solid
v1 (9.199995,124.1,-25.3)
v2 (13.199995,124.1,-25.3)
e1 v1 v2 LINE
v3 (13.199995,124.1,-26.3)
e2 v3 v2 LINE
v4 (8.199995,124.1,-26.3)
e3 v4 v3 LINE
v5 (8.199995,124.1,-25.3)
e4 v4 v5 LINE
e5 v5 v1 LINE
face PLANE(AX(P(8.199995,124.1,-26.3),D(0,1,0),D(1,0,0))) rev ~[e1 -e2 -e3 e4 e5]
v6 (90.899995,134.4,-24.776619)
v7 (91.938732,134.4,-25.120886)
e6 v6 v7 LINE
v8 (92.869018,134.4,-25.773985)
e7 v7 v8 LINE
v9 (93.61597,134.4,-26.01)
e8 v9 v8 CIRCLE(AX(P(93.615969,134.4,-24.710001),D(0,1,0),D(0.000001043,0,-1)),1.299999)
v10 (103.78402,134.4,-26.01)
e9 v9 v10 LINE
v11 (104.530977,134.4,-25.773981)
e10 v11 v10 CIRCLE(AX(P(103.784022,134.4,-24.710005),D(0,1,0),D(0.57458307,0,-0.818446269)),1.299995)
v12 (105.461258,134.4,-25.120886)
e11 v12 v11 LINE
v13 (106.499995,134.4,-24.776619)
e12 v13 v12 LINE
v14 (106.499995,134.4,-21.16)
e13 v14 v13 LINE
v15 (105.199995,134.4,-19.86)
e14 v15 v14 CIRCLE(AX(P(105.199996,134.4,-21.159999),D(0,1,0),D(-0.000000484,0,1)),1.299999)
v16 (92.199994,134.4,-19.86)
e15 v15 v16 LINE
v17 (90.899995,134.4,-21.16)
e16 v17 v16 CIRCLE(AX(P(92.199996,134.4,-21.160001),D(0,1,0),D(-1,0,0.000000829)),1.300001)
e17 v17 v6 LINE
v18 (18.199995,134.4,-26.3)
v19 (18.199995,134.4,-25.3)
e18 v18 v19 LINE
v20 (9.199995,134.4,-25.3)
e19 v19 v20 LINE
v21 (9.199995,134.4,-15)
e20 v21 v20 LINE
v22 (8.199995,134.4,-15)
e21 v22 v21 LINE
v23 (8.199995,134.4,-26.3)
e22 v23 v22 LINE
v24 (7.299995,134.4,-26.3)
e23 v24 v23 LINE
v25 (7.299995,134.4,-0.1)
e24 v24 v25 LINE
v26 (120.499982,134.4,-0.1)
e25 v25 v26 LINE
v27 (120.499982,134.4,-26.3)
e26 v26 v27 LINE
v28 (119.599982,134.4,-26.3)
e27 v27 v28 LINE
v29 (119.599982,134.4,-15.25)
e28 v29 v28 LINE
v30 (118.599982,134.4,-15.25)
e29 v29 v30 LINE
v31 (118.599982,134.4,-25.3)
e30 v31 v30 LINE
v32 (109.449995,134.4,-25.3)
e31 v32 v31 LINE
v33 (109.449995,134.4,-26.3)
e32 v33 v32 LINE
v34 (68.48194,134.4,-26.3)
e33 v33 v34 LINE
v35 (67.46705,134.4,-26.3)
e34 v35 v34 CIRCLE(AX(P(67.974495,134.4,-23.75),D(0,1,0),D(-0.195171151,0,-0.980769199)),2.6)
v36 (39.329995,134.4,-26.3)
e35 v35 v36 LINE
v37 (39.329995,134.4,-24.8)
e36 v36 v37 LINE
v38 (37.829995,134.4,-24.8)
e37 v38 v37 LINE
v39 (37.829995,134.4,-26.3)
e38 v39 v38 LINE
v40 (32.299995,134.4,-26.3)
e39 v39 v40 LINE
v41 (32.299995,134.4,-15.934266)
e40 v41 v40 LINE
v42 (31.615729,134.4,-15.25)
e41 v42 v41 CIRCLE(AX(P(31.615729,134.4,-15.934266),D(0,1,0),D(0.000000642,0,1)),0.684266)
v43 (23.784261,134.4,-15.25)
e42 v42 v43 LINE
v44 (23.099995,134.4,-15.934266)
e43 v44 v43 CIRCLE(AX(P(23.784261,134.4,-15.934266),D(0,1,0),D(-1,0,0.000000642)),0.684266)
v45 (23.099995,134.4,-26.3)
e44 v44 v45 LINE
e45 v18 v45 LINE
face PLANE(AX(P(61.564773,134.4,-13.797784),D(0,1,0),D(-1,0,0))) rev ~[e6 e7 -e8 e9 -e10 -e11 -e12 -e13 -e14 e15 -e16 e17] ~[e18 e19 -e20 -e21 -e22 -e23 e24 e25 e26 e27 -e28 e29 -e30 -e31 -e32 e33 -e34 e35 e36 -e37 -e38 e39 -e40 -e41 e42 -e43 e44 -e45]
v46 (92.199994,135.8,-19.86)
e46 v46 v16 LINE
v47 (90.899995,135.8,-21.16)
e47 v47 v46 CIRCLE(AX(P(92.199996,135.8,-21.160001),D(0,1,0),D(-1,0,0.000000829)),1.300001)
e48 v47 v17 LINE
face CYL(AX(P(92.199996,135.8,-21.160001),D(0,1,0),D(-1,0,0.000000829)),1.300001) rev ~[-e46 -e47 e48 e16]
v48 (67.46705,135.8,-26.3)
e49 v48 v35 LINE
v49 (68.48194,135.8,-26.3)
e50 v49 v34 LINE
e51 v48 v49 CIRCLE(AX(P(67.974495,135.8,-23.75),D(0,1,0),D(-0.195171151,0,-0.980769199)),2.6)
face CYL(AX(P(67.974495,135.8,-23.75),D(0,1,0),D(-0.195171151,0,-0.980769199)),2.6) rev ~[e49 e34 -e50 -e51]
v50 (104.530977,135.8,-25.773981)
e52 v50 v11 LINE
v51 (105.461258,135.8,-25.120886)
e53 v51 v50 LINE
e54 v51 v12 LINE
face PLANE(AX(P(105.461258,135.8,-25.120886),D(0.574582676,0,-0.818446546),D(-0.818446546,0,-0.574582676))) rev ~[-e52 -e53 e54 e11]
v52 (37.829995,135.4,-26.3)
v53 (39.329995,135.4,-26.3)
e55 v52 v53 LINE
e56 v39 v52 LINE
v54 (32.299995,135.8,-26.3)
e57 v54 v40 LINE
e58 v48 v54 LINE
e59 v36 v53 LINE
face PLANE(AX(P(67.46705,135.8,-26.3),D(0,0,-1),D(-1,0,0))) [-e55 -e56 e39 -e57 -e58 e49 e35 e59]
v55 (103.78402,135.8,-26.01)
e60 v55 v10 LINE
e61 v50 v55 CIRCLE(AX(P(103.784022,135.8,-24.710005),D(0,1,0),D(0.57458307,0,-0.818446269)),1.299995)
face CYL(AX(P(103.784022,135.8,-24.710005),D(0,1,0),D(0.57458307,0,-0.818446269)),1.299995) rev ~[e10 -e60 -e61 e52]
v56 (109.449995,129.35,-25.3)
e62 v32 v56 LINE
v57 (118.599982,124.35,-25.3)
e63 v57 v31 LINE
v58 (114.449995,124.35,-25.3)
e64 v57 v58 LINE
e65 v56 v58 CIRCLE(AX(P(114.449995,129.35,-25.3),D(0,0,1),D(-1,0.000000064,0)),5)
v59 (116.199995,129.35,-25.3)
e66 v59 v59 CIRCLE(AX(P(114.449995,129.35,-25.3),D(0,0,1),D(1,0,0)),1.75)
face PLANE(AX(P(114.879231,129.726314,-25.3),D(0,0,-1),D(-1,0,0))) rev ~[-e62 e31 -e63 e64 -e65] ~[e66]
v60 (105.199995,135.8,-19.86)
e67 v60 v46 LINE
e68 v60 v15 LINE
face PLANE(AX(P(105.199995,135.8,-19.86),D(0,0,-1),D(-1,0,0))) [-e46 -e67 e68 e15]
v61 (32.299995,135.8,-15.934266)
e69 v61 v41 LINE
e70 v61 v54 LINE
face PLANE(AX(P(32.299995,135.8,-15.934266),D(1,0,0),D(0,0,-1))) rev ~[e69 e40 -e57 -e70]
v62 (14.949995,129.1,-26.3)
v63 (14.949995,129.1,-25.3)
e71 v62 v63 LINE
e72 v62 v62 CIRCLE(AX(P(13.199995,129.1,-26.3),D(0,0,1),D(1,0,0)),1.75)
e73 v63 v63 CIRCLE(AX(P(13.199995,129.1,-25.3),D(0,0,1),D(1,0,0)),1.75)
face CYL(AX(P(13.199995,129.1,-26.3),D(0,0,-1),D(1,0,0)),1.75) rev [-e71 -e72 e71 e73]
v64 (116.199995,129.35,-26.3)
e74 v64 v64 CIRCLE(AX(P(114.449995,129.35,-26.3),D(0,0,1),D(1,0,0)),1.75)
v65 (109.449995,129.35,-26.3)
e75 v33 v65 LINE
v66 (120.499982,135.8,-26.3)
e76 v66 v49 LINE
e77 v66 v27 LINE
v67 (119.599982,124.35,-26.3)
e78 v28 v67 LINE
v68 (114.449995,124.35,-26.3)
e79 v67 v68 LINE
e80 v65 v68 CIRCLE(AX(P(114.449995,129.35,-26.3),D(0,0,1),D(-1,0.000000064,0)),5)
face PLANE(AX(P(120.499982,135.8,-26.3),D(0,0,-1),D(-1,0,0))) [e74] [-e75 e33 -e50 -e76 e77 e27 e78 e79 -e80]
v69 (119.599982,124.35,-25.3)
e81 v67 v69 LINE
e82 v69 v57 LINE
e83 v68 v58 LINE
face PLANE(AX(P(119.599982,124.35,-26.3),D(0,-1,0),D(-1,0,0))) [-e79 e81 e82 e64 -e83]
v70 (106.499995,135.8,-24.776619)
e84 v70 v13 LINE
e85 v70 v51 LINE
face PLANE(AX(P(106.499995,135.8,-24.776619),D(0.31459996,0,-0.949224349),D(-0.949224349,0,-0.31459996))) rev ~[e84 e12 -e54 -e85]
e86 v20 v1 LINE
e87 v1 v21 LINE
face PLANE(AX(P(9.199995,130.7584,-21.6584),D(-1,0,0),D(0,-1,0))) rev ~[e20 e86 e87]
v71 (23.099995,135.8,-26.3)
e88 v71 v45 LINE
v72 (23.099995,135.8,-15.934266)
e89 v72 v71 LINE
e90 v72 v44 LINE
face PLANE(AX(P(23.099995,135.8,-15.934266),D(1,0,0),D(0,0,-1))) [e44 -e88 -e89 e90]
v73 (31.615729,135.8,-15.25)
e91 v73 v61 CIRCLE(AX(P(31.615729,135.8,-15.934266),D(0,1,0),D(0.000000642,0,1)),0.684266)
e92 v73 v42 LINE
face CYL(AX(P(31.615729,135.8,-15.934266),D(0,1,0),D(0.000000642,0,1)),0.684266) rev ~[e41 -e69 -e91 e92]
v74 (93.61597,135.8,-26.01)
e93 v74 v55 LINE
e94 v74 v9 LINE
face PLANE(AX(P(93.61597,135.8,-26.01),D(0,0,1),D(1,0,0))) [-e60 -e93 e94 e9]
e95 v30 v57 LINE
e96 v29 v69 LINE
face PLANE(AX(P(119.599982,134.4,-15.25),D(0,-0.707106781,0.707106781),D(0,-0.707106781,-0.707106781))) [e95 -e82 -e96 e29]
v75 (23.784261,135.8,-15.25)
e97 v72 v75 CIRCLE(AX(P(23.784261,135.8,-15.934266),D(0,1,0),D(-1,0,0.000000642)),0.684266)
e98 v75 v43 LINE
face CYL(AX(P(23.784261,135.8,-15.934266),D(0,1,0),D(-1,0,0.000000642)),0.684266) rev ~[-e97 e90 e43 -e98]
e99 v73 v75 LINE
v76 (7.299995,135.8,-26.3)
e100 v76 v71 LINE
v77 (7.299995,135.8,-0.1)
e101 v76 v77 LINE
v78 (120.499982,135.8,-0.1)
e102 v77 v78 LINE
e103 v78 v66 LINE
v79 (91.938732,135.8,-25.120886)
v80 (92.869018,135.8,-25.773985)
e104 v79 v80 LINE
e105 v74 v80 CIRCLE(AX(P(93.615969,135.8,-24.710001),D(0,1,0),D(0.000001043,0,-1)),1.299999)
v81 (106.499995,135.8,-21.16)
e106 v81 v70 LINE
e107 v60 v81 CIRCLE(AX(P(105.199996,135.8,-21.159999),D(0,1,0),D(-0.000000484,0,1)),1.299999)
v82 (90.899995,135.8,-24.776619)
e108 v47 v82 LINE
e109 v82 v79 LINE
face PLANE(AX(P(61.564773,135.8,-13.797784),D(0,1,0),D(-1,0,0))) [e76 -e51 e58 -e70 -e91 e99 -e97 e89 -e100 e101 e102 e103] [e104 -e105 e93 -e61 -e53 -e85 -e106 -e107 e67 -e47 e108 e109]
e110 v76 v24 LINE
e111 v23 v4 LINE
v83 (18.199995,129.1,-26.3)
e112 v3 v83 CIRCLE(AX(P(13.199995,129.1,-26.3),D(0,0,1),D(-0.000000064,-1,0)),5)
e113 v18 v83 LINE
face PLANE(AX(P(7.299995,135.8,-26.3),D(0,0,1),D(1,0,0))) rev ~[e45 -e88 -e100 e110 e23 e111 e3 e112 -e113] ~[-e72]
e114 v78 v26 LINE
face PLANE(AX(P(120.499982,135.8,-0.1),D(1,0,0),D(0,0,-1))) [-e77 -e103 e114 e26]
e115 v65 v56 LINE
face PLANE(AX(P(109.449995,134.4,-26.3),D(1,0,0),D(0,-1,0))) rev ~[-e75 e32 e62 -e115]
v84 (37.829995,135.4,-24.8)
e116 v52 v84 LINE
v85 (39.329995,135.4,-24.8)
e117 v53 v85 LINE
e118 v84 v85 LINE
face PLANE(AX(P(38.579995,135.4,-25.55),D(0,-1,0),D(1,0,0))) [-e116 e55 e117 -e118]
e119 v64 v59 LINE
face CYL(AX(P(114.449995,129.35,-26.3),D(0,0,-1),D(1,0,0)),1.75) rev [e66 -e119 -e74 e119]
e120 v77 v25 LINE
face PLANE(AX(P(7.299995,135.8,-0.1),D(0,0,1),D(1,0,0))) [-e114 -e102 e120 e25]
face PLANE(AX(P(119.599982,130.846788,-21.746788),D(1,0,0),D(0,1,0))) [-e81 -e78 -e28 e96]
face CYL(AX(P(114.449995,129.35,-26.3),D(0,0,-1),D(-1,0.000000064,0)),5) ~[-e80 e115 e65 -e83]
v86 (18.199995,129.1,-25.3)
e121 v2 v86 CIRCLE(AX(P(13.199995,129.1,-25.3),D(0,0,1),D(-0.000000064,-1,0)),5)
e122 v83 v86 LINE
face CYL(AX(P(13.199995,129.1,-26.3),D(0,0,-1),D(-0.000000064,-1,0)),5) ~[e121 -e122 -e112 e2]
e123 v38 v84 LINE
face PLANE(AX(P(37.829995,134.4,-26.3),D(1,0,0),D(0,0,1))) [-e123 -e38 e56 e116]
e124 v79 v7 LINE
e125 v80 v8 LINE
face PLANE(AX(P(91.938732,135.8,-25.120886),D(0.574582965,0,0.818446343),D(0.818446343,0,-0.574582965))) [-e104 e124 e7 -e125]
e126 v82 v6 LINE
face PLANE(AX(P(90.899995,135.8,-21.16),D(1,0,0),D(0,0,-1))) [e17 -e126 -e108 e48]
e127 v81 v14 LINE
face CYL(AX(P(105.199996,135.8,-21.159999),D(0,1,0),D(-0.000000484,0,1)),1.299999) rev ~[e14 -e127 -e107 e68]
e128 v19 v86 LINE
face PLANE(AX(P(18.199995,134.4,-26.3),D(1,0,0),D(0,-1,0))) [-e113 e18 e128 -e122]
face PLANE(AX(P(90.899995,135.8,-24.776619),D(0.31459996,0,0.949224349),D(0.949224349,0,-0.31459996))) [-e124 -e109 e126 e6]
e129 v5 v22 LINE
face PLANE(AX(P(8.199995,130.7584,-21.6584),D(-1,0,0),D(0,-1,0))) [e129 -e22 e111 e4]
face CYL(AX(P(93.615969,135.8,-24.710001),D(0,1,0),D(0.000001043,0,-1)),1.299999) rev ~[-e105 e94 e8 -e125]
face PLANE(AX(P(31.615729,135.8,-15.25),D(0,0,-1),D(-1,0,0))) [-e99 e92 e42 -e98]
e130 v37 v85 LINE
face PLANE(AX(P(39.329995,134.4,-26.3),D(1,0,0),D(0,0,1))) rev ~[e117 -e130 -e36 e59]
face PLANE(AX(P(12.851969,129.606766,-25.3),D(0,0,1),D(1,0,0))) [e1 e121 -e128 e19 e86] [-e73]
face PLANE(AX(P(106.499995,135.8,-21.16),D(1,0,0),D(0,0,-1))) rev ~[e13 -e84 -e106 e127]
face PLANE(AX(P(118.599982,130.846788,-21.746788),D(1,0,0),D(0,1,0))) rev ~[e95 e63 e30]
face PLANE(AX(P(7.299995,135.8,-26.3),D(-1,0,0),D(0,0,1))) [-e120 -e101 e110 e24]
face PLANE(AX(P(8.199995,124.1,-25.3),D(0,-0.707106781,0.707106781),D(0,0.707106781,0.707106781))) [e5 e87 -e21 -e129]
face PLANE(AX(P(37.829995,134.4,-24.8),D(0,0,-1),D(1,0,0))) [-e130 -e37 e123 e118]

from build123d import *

# Parameters (mm, degrees)
PAD028_DEPTH    = 1.4
SKETCH048_R     = 1.75
PAD029_DEPTH    = 1
PAD030_DEPTH    = 1
PAD031_DEPTH    = 1
SKETCH181_W     = 1.5
SKETCH181_H     = 1.5
POCKET062_DEPTH = 1


with BuildPart() as part:
    # Sketch047 (on Face725 of Binder021) → Pad028 (new body)
    with BuildSketch(Plane(origin=(0, 135.8, 0), x_dir=(-1, 0, 0), z_dir=(0, 1, 0))):
        with BuildLine():
            Line((-120.499982, -0.1), (-120.499982, -26.3))
            Line((-120.499982, -26.3), (-68.48194, -26.3))
            ThreePointArc((-67.46705, -26.3), (-67.974495, -21.15), (-68.48194, -26.3))
            Line((-67.46705, -26.3), (-32.299995, -26.3))
            Line((-32.299995, -15.934266), (-32.299995, -26.3))
            ThreePointArc((-31.615729, -15.25), (-32.099578, -15.450417), (-32.299995, -15.934266))
            Line((-31.615729, -15.25), (-23.784261, -15.25))
            ThreePointArc((-23.099995, -15.934266), (-23.300412, -15.450417), (-23.784261, -15.25))
            Line((-23.099995, -15.934266), (-23.099995, -26.3))
            Line((-7.299995, -26.3), (-23.099995, -26.3))
            Line((-7.299995, -26.3), (-7.299995, -0.1))
            Line((-7.299995, -0.1), (-120.499982, -0.1))
        make_face()
        with BuildLine():
            Line((-105.199995, -19.86), (-92.199994, -19.86))
            ThreePointArc((-90.899995, -21.16), (-91.280756, -20.240762), (-92.199994, -19.86))
            Line((-90.899995, -21.16), (-90.899995, -24.776619))
            Line((-90.899995, -24.776619), (-91.938732, -25.120886))
            Line((-91.938732, -25.120886), (-92.869018, -25.773985))
            ThreePointArc((-93.61597, -26.01), (-93.224294, -25.949593), (-92.869018, -25.773985))
            Line((-93.61597, -26.01), (-103.78402, -26.01))
            ThreePointArc((-104.530977, -25.773981), (-104.175699, -25.949592), (-103.78402, -26.01))
            Line((-105.461258, -25.120886), (-104.530977, -25.773981))
            Line((-106.499995, -24.776619), (-105.461258, -25.120886))
            Line((-106.499995, -21.16), (-106.499995, -24.776619))
            ThreePointArc((-105.199995, -19.86), (-106.119234, -20.240761), (-106.499995, -21.16))
        make_face(mode=Mode.SUBTRACT)
    extrude(amount=-PAD028_DEPTH)

    # Sketch048 (on Face5 of Binder022) → Pad029 (join)
    with BuildSketch(Plane.XY.offset(-26.3)):
        with BuildLine():
            Line((18.199995, 134.4), (8.199995, 134.4))
            Line((8.199995, 134.4), (8.199995, 124.1))
            Line((8.199995, 124.1), (13.199995, 124.1))
            ThreePointArc((13.199995, 124.1), (16.735529, 125.564466), (18.199995, 129.1))
            Line((18.199995, 134.4), (18.199995, 129.1))
        make_face()
        with Locations((13.199995, 129.1)):
            Circle(SKETCH048_R, mode=Mode.SUBTRACT)
        with BuildLine():
            Line((109.449995, 134.4), (119.599982, 134.4))
            Line((119.599982, 134.4), (119.599982, 124.35))
            Line((119.599982, 124.35), (114.449995, 124.35))
            ThreePointArc((109.449995, 129.35), (110.914461, 125.814466), (114.449995, 124.35))
            Line((109.449995, 134.4), (109.449995, 129.35))
        make_face()
        with Locations((114.449995, 129.35)):
            Circle(SKETCH048_R, mode=Mode.SUBTRACT)
    extrude(amount=PAD029_DEPTH)

    # Sketch049 (on Face25 of Pad029) → Pad030 (join)
    with BuildSketch(Plane(origin=(8.199995, 0, 0), x_dir=(0, -1, 0), z_dir=(-1, 0, 0))):
        Polygon((-134.4, -25.3), (-124.1, -25.3), (-134.4, -15), align=None)
    extrude(amount=-PAD030_DEPTH)

    # Sketch050 (on Face36 of Pad030) → Pad031 (join)
    with BuildSketch(Plane.YZ.offset(119.599982)):
        Polygon((124.35, -25.3), (134.4, -25.3), (134.4, -15.25), align=None)
    extrude(amount=-PAD031_DEPTH)

    # Sketch181 (on Face5 of Clone006) → Pocket062 (cut)
    with BuildSketch(Plane.XZ.offset(-134.4)):
        with Locations((38.579995, -25.55)):
            Rectangle(SKETCH181_W, SKETCH181_H)
    extrude(amount=-POCKET062_DEPTH, mode=Mode.SUBTRACT)


solid = part.part
